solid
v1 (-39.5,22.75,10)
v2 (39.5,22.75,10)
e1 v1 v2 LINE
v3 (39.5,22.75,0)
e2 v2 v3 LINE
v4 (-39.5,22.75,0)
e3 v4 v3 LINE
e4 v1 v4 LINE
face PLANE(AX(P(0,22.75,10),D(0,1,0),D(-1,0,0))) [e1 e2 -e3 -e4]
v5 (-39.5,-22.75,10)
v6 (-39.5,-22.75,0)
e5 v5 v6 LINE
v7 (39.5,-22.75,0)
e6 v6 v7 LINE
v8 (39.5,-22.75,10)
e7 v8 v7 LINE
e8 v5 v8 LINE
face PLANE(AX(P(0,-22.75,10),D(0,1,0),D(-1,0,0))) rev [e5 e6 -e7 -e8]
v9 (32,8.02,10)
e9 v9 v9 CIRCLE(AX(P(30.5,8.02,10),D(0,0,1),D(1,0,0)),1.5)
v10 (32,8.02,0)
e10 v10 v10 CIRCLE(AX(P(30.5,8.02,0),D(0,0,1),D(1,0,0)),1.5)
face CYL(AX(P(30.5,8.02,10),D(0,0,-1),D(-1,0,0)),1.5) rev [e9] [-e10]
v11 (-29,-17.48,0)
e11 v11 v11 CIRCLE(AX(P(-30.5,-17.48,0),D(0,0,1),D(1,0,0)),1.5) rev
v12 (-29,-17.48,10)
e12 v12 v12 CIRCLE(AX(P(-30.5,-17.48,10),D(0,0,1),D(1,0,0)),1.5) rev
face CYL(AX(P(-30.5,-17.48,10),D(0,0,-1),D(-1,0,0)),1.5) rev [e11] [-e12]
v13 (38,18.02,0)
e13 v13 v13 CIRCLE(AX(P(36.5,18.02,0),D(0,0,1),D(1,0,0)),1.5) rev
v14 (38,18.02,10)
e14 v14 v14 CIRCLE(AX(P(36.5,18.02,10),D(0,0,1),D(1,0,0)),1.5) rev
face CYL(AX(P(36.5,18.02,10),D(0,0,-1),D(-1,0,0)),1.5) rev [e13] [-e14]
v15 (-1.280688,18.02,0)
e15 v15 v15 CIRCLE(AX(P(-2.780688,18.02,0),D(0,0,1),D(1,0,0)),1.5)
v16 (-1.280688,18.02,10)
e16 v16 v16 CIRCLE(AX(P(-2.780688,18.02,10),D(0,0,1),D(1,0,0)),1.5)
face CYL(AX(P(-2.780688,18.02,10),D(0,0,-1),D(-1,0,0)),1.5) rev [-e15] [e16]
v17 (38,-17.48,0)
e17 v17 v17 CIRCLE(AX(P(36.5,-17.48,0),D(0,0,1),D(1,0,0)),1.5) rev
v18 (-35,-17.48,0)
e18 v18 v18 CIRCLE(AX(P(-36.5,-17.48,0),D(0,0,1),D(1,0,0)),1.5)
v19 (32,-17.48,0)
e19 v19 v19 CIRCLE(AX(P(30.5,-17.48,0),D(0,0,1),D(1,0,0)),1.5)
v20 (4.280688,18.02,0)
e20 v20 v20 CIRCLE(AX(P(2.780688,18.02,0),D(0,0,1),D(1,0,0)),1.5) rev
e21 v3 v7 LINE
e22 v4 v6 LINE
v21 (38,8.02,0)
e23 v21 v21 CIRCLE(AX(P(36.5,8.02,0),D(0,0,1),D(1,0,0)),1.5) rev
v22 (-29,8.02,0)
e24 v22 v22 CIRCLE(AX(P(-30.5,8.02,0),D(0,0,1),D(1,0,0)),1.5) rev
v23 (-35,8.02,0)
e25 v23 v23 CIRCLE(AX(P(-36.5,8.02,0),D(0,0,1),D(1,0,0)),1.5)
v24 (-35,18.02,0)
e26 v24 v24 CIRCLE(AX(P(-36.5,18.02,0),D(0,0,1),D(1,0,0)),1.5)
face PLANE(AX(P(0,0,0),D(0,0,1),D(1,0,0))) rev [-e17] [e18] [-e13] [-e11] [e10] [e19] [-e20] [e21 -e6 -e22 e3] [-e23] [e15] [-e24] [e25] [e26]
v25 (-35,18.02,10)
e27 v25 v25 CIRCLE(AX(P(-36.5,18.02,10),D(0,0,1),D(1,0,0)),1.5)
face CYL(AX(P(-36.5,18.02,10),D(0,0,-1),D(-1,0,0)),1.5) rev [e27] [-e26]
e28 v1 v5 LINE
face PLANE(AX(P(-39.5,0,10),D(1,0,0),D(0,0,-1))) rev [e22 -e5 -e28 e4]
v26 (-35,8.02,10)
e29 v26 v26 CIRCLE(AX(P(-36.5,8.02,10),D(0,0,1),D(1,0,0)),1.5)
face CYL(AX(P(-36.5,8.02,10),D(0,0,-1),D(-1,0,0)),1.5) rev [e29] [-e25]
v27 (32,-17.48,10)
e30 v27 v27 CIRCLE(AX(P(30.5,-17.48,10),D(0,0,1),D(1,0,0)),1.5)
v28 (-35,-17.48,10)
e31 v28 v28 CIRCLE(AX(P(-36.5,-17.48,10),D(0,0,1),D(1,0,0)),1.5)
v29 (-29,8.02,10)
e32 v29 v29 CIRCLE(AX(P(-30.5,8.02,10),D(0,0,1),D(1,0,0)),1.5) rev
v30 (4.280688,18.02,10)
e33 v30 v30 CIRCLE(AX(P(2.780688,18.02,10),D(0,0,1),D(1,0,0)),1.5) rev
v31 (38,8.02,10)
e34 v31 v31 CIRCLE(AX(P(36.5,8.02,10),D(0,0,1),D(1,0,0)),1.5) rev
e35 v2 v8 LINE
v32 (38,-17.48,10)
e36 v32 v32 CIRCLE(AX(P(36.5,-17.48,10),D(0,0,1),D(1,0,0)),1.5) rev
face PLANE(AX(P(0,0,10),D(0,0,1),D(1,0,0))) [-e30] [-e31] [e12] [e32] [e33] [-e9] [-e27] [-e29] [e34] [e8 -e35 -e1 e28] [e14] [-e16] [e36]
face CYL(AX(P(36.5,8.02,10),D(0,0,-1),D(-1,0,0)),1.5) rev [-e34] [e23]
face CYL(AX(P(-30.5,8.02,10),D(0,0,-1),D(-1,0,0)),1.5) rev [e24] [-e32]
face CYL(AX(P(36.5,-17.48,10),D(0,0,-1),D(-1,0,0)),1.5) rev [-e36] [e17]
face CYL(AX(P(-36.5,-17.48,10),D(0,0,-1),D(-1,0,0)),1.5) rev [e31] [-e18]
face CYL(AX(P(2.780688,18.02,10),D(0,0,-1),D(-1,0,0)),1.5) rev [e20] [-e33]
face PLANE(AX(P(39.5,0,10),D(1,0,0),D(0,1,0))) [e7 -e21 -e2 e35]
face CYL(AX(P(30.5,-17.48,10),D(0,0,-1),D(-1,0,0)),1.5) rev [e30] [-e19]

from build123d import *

# Parameters (mm, degrees)
SKETCH_1_R      = 1.5
EXTRUDE_1_DEPTH = 10


with BuildPart() as part:
    # 草图1 → 凸台-拉伸1 (new body)
    # profile 1 of 7: a face of its own
    with BuildSketch(Plane.XY):
        with BuildLine():
            Line((-33.5, 22.75), (-39.5, 22.75))
            Line((-39.5, 22.75), (-39.5, 9.98))
            Line((-39.5, 9.98), (-39.5, -22.75))
            Line((-39.5, -22.75), (-33.5, -22.75))
            Line((-33.5, -22.75), (39.5, -22.75))
            Line((39.5, -22.75), (39.5, 22.75))
            Line((39.5, 22.75), (6, 22.75))
            Line((6, 22.75), (6, 16.75))
            Line((6, 16.75), (3.578873161, 16.75))
            ThreePointArc((3.578873161, 16.75), (2.780687719, 16.52), (1.982502277, 16.75))
            Line((1.982502277, 16.75), (0, 16.75))
            Line((0, 16.75), (-1.982502277, 16.75))
            ThreePointArc((-1.982502277, 16.75), (-2.780687719, 16.52), (-3.578873161, 16.75))
            Line((-3.578873161, 16.75), (-6, 16.75))
            Line((-6, 16.75), (-6, 22.75))
            Line((-6, 22.75), (-33.5, 22.75))
        make_face()
        with Locations((-36.5, -17.48)):
            Circle(SKETCH_1_R, mode=Mode.SUBTRACT)
        with BuildLine():
            ThreePointArc((-29, -17.48), (-30.5, -18.98), (-32, -17.48))
            ThreePointArc((-32, -17.48), (-30.5, -15.98), (-29, -17.48))
        make_face(mode=Mode.SUBTRACT)
        with Locations((30.5, -17.48)):
            Circle(SKETCH_1_R, mode=Mode.SUBTRACT)
        with Locations((36.5, -17.48)):
            Circle(SKETCH_1_R, mode=Mode.SUBTRACT)
        with Locations((-36.5, 8.02)):
            Circle(SKETCH_1_R, mode=Mode.SUBTRACT)
        with BuildLine():
            ThreePointArc((-29, 8.02), (-30.5, 6.52), (-32, 8.02))
            ThreePointArc((-32, 8.02), (-30.5, 9.52), (-29, 8.02))
        make_face(mode=Mode.SUBTRACT)
        with Locations((-36.5, 18.02)):
            Circle(SKETCH_1_R, mode=Mode.SUBTRACT)
        with Locations((30.5, 8.02)):
            Circle(SKETCH_1_R, mode=Mode.SUBTRACT)
        with Locations((36.5, 8.02)):
            Circle(SKETCH_1_R, mode=Mode.SUBTRACT)
        with Locations((36.5, 18.02)):
            Circle(SKETCH_1_R, mode=Mode.SUBTRACT)
    # profile 2 of 7: a face of its own
    with BuildSketch(Plane.XY):
        with BuildLine():
            Line((-33.5, 22.75), (-39.5, 22.75))
            Line((-39.5, 22.75), (-39.5, 9.98))
            Line((-39.5, 9.98), (-39.5, -22.75))
            Line((-39.5, -22.75), (-33.5, -22.75))
            Line((-33.5, -22.75), (39.5, -22.75))
            Line((39.5, -22.75), (39.5, 22.75))
            Line((39.5, 22.75), (6, 22.75))
            Line((6, 22.75), (6, 16.75))
            Line((6, 16.75), (3.578873161, 16.75))
            ThreePointArc((3.578873161, 16.75), (2.780687719, 16.52), (1.982502277, 16.75))
            Line((1.982502277, 16.75), (0, 16.75))
            Line((0, 16.75), (-1.982502277, 16.75))
            ThreePointArc((-1.982502277, 16.75), (-2.780687719, 16.52), (-3.578873161, 16.75))
            Line((-3.578873161, 16.75), (-6, 16.75))
            Line((-6, 16.75), (-6, 22.75))
            Line((-6, 22.75), (-33.5, 22.75))
        make_face()
        with Locations((-36.5, -17.48)):
            Circle(SKETCH_1_R, mode=Mode.SUBTRACT)
        with BuildLine():
            ThreePointArc((-29, -17.48), (-30.5, -18.98), (-32, -17.48))
            ThreePointArc((-32, -17.48), (-30.5, -15.98), (-29, -17.48))
        make_face(mode=Mode.SUBTRACT)
        with Locations((30.5, -17.48)):
            Circle(SKETCH_1_R, mode=Mode.SUBTRACT)
        with Locations((36.5, -17.48)):
            Circle(SKETCH_1_R, mode=Mode.SUBTRACT)
        with Locations((-36.5, 8.02)):
            Circle(SKETCH_1_R, mode=Mode.SUBTRACT)
        with BuildLine():
            ThreePointArc((-29, 8.02), (-30.5, 6.52), (-32, 8.02))
            ThreePointArc((-32, 8.02), (-30.5, 9.52), (-29, 8.02))
        make_face(mode=Mode.SUBTRACT)
        with Locations((-36.5, 18.02)):
            Circle(SKETCH_1_R, mode=Mode.SUBTRACT)
        with Locations((30.5, 8.02)):
            Circle(SKETCH_1_R, mode=Mode.SUBTRACT)
        with Locations((36.5, 8.02)):
            Circle(SKETCH_1_R, mode=Mode.SUBTRACT)
        with Locations((36.5, 18.02)):
            Circle(SKETCH_1_R, mode=Mode.SUBTRACT)
    # profile 3 of 7: a face of its own
    with BuildSketch(Plane.XY):
        with BuildLine():
            Line((-33.5, 22.75), (-39.5, 22.75))
            Line((-39.5, 22.75), (-39.5, 9.98))
            Line((-39.5, 9.98), (-39.5, -22.75))
            Line((-39.5, -22.75), (-33.5, -22.75))
            Line((-33.5, -22.75), (39.5, -22.75))
            Line((39.5, -22.75), (39.5, 22.75))
            Line((39.5, 22.75), (6, 22.75))
            Line((6, 22.75), (6, 16.75))
            Line((6, 16.75), (3.578873161, 16.75))
            ThreePointArc((3.578873161, 16.75), (2.780687719, 16.52), (1.982502277, 16.75))
            Line((1.982502277, 16.75), (0, 16.75))
            Line((0, 16.75), (-1.982502277, 16.75))
            ThreePointArc((-1.982502277, 16.75), (-2.780687719, 16.52), (-3.578873161, 16.75))
            Line((-3.578873161, 16.75), (-6, 16.75))
            Line((-6, 16.75), (-6, 22.75))
            Line((-6, 22.75), (-33.5, 22.75))
        make_face()
        with Locations((-36.5, -17.48)):
            Circle(SKETCH_1_R, mode=Mode.SUBTRACT)
        with BuildLine():
            ThreePointArc((-29, -17.48), (-30.5, -18.98), (-32, -17.48))
            ThreePointArc((-32, -17.48), (-30.5, -15.98), (-29, -17.48))
        make_face(mode=Mode.SUBTRACT)
        with Locations((30.5, -17.48)):
            Circle(SKETCH_1_R, mode=Mode.SUBTRACT)
        with Locations((36.5, -17.48)):
            Circle(SKETCH_1_R, mode=Mode.SUBTRACT)
        with Locations((-36.5, 8.02)):
            Circle(SKETCH_1_R, mode=Mode.SUBTRACT)
        with BuildLine():
            ThreePointArc((-29, 8.02), (-30.5, 6.52), (-32, 8.02))
            ThreePointArc((-32, 8.02), (-30.5, 9.52), (-29, 8.02))
        make_face(mode=Mode.SUBTRACT)
        with Locations((-36.5, 18.02)):
            Circle(SKETCH_1_R, mode=Mode.SUBTRACT)
        with Locations((30.5, 8.02)):
            Circle(SKETCH_1_R, mode=Mode.SUBTRACT)
        with Locations((36.5, 8.02)):
            Circle(SKETCH_1_R, mode=Mode.SUBTRACT)
        with Locations((36.5, 18.02)):
            Circle(SKETCH_1_R, mode=Mode.SUBTRACT)
    # profile 4 of 7: a face of its own
    with BuildSketch(Plane.XY):
        with BuildLine():
            Line((0, 22.75), (-6, 22.75))
            Line((-6, 22.75), (-6, 16.75))
            Line((-6, 16.75), (-3.578873161, 16.75))
            ThreePointArc((-3.578873161, 16.75), (-3.506195071, 19.332874359), (-1.280687719, 18.02))
            ThreePointArc((-1.280687719, 18.02), (-1.46781336, 17.294492648), (-1.982502277, 16.75))
            Line((-1.982502277, 16.75), (0, 16.75))
            Line((0, 16.75), (0, 22.75))
        make_face()
    # profile 5 of 7: a face of its own
    with BuildSketch(Plane.XY):
        with BuildLine():
            Line((6, 22.75), (0, 22.75))
            Line((0, 22.75), (0, 16.75))
            Line((0, 16.75), (1.982502277, 16.75))
            ThreePointArc((1.982502277, 16.75), (2.055180366, 19.332874359), (4.280687719, 18.02))
            ThreePointArc((4.280687719, 18.02), (4.093562078, 17.294492648), (3.578873161, 16.75))
            Line((3.578873161, 16.75), (6, 16.75))
            Line((6, 16.75), (6, 22.75))
        make_face()
    # profile 6 of 7: a face of its own
    with BuildSketch(Plane.XY):
        with BuildLine():
            Line((-33.5, 22.75), (-39.5, 22.75))
            Line((-39.5, 22.75), (-39.5, 9.98))
            Line((-39.5, 9.98), (-39.5, -22.75))
            Line((-39.5, -22.75), (-33.5, -22.75))
            Line((-33.5, -22.75), (39.5, -22.75))
            Line((39.5, -22.75), (39.5, 22.75))
            Line((39.5, 22.75), (6, 22.75))
            Line((6, 22.75), (6, 16.75))
            Line((6, 16.75), (3.578873161, 16.75))
            ThreePointArc((3.578873161, 16.75), (2.780687719, 16.52), (1.982502277, 16.75))
            Line((1.982502277, 16.75), (0, 16.75))
            Line((0, 16.75), (-1.982502277, 16.75))
            ThreePointArc((-1.982502277, 16.75), (-2.780687719, 16.52), (-3.578873161, 16.75))
            Line((-3.578873161, 16.75), (-6, 16.75))
            Line((-6, 16.75), (-6, 22.75))
            Line((-6, 22.75), (-33.5, 22.75))
        make_face()
        with Locations((-36.5, -17.48)):
            Circle(SKETCH_1_R, mode=Mode.SUBTRACT)
        with BuildLine():
            ThreePointArc((-29, -17.48), (-30.5, -18.98), (-32, -17.48))
            ThreePointArc((-32, -17.48), (-30.5, -15.98), (-29, -17.48))
        make_face(mode=Mode.SUBTRACT)
        with Locations((30.5, -17.48)):
            Circle(SKETCH_1_R, mode=Mode.SUBTRACT)
        with Locations((36.5, -17.48)):
            Circle(SKETCH_1_R, mode=Mode.SUBTRACT)
        with Locations((-36.5, 8.02)):
            Circle(SKETCH_1_R, mode=Mode.SUBTRACT)
        with BuildLine():
            ThreePointArc((-29, 8.02), (-30.5, 6.52), (-32, 8.02))
            ThreePointArc((-32, 8.02), (-30.5, 9.52), (-29, 8.02))
        make_face(mode=Mode.SUBTRACT)
        with Locations((-36.5, 18.02)):
            Circle(SKETCH_1_R, mode=Mode.SUBTRACT)
        with Locations((30.5, 8.02)):
            Circle(SKETCH_1_R, mode=Mode.SUBTRACT)
        with Locations((36.5, 8.02)):
            Circle(SKETCH_1_R, mode=Mode.SUBTRACT)
        with Locations((36.5, 18.02)):
            Circle(SKETCH_1_R, mode=Mode.SUBTRACT)
    # profile 7 of 7: a face of its own
    with BuildSketch(Plane.XY):
        with BuildLine():
            Line((-33.5, 22.75), (-39.5, 22.75))
            Line((-39.5, 22.75), (-39.5, 9.98))
            Line((-39.5, 9.98), (-39.5, -22.75))
            Line((-39.5, -22.75), (-33.5, -22.75))
            Line((-33.5, -22.75), (39.5, -22.75))
            Line((39.5, -22.75), (39.5, 22.75))
            Line((39.5, 22.75), (6, 22.75))
            Line((6, 22.75), (6, 16.75))
            Line((6, 16.75), (3.578873161, 16.75))
            ThreePointArc((3.578873161, 16.75), (2.780687719, 16.52), (1.982502277, 16.75))
            Line((1.982502277, 16.75), (0, 16.75))
            Line((0, 16.75), (-1.982502277, 16.75))
            ThreePointArc((-1.982502277, 16.75), (-2.780687719, 16.52), (-3.578873161, 16.75))
            Line((-3.578873161, 16.75), (-6, 16.75))
            Line((-6, 16.75), (-6, 22.75))
            Line((-6, 22.75), (-33.5, 22.75))
        make_face()
        with Locations((-36.5, -17.48)):
            Circle(SKETCH_1_R, mode=Mode.SUBTRACT)
        with BuildLine():
            ThreePointArc((-29, -17.48), (-30.5, -18.98), (-32, -17.48))
            ThreePointArc((-32, -17.48), (-30.5, -15.98), (-29, -17.48))
        make_face(mode=Mode.SUBTRACT)
        with Locations((30.5, -17.48)):
            Circle(SKETCH_1_R, mode=Mode.SUBTRACT)
        with Locations((36.5, -17.48)):
            Circle(SKETCH_1_R, mode=Mode.SUBTRACT)
        with Locations((-36.5, 8.02)):
            Circle(SKETCH_1_R, mode=Mode.SUBTRACT)
        with BuildLine():
            ThreePointArc((-29, 8.02), (-30.5, 6.52), (-32, 8.02))
            ThreePointArc((-32, 8.02), (-30.5, 9.52), (-29, 8.02))
        make_face(mode=Mode.SUBTRACT)
        with Locations((-36.5, 18.02)):
            Circle(SKETCH_1_R, mode=Mode.SUBTRACT)
        with Locations((30.5, 8.02)):
            Circle(SKETCH_1_R, mode=Mode.SUBTRACT)
        with Locations((36.5, 8.02)):
            Circle(SKETCH_1_R, mode=Mode.SUBTRACT)
        with Locations((36.5, 18.02)):
            Circle(SKETCH_1_R, mode=Mode.SUBTRACT)
    extrude(amount=EXTRUDE_1_DEPTH)


solid = part.part
